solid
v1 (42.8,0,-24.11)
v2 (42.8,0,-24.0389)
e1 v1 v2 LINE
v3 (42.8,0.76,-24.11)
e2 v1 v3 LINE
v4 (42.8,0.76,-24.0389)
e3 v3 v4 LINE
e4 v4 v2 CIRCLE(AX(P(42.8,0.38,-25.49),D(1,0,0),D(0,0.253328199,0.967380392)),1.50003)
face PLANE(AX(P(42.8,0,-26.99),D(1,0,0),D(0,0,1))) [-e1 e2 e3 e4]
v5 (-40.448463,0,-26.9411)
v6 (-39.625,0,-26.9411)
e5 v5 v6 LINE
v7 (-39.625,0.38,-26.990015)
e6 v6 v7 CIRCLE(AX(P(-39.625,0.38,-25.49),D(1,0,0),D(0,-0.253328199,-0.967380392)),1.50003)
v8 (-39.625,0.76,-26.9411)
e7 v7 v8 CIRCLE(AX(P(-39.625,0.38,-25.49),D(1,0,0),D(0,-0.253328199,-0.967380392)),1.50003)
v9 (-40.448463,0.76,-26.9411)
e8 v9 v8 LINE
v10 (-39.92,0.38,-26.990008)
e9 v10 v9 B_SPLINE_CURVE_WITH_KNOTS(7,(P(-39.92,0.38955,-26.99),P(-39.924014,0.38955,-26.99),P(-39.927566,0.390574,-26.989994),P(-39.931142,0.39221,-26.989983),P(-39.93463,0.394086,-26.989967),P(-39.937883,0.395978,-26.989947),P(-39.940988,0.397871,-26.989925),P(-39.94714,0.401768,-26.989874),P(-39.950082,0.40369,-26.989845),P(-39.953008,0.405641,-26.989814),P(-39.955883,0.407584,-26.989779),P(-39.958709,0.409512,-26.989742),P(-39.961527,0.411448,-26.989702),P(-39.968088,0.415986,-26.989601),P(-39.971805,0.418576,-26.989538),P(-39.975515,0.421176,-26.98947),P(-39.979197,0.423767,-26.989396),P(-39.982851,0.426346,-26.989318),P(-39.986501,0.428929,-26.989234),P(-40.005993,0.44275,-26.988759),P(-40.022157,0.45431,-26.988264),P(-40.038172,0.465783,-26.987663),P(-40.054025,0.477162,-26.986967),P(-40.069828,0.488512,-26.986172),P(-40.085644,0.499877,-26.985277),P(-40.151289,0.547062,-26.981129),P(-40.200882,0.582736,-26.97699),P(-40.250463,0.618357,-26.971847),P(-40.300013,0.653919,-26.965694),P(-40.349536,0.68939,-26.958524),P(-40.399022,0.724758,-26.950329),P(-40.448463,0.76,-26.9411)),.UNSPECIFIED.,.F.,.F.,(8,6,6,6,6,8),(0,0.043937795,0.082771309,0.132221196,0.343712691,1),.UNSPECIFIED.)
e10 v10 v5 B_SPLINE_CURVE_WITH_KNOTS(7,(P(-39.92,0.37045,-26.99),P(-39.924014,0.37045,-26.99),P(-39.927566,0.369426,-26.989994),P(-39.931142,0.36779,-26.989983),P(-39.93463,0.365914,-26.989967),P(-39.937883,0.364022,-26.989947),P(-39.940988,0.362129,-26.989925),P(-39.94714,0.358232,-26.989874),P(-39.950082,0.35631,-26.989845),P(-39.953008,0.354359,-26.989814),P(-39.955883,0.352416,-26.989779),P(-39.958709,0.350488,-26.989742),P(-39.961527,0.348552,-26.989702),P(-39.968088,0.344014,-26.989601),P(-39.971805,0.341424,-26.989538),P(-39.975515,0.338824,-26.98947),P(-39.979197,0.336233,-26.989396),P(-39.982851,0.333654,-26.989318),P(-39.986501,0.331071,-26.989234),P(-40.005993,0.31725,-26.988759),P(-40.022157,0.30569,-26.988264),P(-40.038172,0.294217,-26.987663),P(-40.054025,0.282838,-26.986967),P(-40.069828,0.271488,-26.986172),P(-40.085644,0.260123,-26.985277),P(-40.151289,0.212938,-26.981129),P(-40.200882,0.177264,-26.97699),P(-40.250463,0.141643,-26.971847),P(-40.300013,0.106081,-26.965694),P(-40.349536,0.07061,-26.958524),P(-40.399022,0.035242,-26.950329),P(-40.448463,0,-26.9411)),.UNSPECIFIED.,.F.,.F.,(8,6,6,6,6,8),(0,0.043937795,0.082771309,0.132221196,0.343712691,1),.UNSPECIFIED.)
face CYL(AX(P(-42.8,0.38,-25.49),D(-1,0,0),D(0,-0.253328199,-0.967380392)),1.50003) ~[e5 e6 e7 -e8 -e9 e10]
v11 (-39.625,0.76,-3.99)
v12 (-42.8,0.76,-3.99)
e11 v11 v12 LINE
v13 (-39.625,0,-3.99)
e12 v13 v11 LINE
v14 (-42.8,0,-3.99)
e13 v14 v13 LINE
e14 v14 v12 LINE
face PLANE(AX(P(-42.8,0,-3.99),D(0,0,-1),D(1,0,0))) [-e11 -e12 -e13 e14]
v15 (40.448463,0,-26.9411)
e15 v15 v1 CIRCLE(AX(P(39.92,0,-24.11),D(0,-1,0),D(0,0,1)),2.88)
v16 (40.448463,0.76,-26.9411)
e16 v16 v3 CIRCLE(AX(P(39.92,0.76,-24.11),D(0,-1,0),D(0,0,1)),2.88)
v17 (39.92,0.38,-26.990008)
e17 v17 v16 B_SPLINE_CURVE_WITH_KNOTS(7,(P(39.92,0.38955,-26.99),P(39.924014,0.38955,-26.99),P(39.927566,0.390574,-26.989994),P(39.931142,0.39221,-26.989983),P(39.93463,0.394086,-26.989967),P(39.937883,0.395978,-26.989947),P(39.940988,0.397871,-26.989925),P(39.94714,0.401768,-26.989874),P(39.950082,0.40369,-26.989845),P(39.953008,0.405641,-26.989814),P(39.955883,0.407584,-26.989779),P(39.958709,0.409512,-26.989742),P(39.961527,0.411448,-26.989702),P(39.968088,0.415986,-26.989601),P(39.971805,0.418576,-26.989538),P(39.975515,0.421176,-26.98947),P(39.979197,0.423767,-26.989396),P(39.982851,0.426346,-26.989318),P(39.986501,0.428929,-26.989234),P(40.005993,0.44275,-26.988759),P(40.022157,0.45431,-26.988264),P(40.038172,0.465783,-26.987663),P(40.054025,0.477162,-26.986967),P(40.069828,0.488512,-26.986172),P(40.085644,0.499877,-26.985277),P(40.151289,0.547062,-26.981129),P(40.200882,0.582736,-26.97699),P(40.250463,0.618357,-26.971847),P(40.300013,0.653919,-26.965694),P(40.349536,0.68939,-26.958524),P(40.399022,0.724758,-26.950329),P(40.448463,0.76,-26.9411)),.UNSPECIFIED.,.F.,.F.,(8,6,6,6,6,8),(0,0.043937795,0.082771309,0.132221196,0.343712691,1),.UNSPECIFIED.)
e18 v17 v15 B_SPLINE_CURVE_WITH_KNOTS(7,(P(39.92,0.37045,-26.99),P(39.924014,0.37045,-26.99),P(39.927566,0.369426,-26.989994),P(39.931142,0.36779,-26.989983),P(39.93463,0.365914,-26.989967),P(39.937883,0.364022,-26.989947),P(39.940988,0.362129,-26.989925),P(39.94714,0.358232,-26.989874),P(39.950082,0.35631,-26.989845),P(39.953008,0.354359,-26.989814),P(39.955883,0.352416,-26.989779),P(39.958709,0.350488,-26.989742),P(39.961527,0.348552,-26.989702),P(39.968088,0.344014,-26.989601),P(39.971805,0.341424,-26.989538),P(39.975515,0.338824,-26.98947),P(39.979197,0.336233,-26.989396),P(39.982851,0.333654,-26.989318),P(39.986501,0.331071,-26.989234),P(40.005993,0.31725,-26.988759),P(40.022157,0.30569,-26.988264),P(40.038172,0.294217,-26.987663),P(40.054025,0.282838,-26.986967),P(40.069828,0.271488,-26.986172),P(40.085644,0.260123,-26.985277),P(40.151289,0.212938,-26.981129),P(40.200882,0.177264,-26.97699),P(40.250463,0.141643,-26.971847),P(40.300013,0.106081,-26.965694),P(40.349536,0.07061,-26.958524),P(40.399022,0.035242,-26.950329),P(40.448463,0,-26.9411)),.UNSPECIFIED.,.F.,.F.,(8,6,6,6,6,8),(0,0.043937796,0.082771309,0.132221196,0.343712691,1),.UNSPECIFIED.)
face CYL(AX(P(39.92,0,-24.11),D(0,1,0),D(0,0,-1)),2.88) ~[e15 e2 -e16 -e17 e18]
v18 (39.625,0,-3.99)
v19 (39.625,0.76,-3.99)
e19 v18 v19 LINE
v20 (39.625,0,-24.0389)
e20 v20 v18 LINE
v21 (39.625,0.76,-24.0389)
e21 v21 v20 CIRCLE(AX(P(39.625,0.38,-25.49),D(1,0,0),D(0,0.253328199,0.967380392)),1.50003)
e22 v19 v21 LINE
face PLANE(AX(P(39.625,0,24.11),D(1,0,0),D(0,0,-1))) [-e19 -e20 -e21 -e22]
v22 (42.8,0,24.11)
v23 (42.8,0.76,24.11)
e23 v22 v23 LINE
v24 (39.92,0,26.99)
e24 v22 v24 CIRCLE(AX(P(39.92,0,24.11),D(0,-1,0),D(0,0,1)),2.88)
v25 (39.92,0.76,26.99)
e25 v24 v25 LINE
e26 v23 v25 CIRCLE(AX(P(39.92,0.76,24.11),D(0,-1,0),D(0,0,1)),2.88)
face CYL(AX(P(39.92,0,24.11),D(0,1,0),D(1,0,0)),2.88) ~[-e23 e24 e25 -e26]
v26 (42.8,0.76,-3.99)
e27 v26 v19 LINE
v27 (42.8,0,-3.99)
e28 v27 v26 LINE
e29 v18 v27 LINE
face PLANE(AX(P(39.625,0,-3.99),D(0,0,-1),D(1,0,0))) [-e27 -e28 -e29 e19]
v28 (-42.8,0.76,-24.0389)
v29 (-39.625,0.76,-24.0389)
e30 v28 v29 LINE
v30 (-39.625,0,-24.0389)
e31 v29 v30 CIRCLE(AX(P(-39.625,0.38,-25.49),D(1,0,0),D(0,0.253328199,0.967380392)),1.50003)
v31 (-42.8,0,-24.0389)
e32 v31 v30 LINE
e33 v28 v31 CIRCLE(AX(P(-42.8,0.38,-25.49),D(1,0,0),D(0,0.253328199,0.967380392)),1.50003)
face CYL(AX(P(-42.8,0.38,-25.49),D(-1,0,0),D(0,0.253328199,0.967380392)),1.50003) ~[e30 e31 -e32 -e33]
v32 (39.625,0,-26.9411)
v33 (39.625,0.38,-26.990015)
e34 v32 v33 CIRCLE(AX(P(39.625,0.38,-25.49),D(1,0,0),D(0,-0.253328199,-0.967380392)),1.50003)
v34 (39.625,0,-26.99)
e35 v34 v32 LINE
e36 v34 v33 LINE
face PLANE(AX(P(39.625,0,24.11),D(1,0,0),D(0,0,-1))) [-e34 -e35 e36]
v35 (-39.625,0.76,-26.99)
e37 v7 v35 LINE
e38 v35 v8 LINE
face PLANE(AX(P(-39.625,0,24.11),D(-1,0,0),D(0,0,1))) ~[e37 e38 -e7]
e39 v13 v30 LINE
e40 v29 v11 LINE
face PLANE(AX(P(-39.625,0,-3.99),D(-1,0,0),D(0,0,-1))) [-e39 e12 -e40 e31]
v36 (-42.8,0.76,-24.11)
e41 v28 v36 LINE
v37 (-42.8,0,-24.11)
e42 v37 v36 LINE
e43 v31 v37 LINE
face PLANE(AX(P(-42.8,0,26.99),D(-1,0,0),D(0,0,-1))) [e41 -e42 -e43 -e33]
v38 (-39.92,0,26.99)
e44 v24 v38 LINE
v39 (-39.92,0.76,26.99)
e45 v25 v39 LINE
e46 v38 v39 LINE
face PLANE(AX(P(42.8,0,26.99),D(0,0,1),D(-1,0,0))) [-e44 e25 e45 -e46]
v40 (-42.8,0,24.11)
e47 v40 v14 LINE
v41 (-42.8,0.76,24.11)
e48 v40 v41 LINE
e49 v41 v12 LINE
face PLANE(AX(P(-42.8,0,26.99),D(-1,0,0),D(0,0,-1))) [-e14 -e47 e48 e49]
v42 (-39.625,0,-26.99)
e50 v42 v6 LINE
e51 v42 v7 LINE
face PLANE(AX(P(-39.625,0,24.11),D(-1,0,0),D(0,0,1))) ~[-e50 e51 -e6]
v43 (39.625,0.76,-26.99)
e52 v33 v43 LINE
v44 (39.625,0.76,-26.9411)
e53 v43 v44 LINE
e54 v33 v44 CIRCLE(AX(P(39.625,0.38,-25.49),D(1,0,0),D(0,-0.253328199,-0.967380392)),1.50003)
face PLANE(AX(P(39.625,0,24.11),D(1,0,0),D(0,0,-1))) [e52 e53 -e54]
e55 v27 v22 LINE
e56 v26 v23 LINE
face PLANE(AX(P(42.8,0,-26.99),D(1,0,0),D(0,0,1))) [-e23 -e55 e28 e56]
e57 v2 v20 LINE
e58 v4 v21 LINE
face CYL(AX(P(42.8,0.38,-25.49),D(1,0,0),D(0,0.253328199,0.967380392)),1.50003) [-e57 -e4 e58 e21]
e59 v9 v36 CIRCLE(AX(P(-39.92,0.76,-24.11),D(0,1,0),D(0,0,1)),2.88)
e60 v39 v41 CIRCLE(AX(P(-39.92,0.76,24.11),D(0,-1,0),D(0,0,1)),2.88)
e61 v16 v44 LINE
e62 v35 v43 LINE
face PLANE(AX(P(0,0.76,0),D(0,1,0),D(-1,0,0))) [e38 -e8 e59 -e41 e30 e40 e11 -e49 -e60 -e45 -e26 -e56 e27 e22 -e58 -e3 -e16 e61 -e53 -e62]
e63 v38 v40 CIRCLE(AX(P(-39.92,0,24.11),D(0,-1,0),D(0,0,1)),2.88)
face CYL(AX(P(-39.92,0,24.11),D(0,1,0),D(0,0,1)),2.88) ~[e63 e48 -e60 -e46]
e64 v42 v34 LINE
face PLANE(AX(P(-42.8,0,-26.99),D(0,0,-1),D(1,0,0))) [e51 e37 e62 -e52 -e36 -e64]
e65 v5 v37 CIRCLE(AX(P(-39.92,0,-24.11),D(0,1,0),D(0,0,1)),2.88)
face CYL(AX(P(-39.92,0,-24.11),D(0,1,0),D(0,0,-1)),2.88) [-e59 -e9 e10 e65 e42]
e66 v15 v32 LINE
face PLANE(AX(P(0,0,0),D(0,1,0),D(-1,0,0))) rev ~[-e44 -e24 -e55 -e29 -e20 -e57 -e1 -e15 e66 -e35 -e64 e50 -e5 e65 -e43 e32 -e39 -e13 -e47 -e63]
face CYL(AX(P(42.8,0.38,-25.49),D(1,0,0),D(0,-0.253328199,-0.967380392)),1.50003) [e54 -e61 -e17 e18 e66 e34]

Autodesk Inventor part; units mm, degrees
ref_plane "YZ Plane" through (0, 0, 0) normal (1, 0, 0) x (0, 1, 0)
ref_plane "XZ Plane" through (0, 0, 0) normal (0, 1, 0) x (-1, 0, 0)
ref_plane "XY Plane" through (0, 0, 0) normal (0, 0, 1) x (1, 0, 0)
sketch "Sketch1" plane through (0, 0, 0) normal (0, 1, 0) x (-1, 0, 0)
  line L0 (42.8, -26.99) -> (-42.8, -26.99)
  line L1 (-42.8, -26.99) -> (-42.8, 26.99)
  line L2 (-42.8, 26.99) -> (42.8, 26.99)
  line L3 (42.8, 26.99) -> (42.8, -26.99)
  line L4 (42.8, -26.99) -> (-42.8, 26.99) construction
  line L5 (-42.8, -26.99) -> (42.8, 26.99) construction
  point P0 (0, 0)
  dimension "d0" = 85.6
  dimension "d1" = 53.98
extrude "Extrusion1" add sketch "Sketch1" along normal blind 0.76
fillet "Fillet1" radius 2.88 4 edges at (42.8, 0.38, 26.99) (42.8, 0.38, -26.99) (-42.8, 0.38, 26.99) (-42.8, 0.38, -26.99)
sketch "Sketch2" plane through (0, 0, 0) normal (0, -1, 0) x (1, 0, 0)
  arc A0 (-42.8, -24.11) -> (-39.92, -26.99) centre (-39.92, -24.11) ccw projected
  line L0 (-39.92, -26.99) -> (39.92, -26.99) projected
  arc A1 (39.92, -26.99) -> (42.8, -24.11) centre (39.92, -24.11) ccw projected
  line L1 (42.8, -24.11) -> (42.8, 24.11) projected
  arc A2 (42.8, 24.11) -> (39.92, 26.99) centre (39.92, 24.11) ccw projected
  line L2 (39.92, 26.99) -> (-39.92, 26.99) projected
  arc A3 (-39.92, 26.99) -> (-42.8, 24.11) centre (-39.92, 24.11) ccw projected
  line L3 (-42.8, 24.11) -> (-42.8, -24.11) projected
  line L4 (-42.8, 24.11) -> (-42.8, -24.11) projected
  line L5 (-42.8, -3.99) -> (-39.625, -3.99)
  line L6 (-39.625, -3.99) -> (-39.625, -23.99)
  line L7 (-39.625, -23.99) -> (-42.8, -23.99)
  line L8 (-42.8, -23.99) -> (-42.8, -3.99)
  line L9 (42.8, 24.11) -> (42.8, -24.11) projected
  line L10 (42.8, -23.99) -> (39.625, -23.99)
  line L11 (39.625, -23.99) -> (39.625, -3.99)
  line L12 (39.625, -3.99) -> (42.8, -3.99)
  line L13 (42.8, -3.99) -> (42.8, -23.99)
  point P0 (0, 0)
  dimension "d5" = 3.175
  dimension "d6" = 3.175
  dimension "d7" = 3
  dimension "d8" = 3
  dimension "d9" = 20
  dimension "d10" = 20
extrude "Extrusion2" cut sketch "Sketch2" against normal through all contours L3 L5 L6 L7 | L10 L11 L12 L1
sketch "Sketch3" plane through (42.8, 0, 24.11) normal (1, 0, 0) x (0, 0, -1)
  line L0 (51.1, 0) -> (51.1, 0.76) projected
  line L1 (51.1, 0) -> (51.1, 0.76)
  line L2 (48.1, 0.76) -> (48.1, 0)
  line L3 (48.1, 0) -> (51.1, 0.76) construction
  line L4 (51.1, 0) -> (48.1, 0.76) construction
  line L5 (51.1, 0) -> (48.22, 0) projected
  arc A0 (48.1489, 0.76) -> (48.1489, 0) centre (49.6, 0.38) ccw
  arc A1 (51.0511, 0) -> (51.0511, 0.76) centre (49.6, 0.38) ccw
  line L6 (48.1, 0) -> (48.1489, 0)
  line L7 (51.0511, 0) -> (51.1, 0)
  line L8 (51.1, 0.76) -> (51.0511, 0.76)
  line L9 (48.1489, 0.76) -> (48.1, 0.76)
  point P0 (24.11, 0)
  point P1 (48.1, 0.38)
  point P2 (51.1, 0.38)
  dimension "d14" = 3
  dimension "d15" = 0.76
  dimension "d16" = 1.5
  dimension "d17" = 1.5
  dimension "d18" = 1.5
extrude "Extrusion3" cut sketch "Sketch3" against normal up to surface (3.175 mm away)
mirror "Mirror1" about plane through (0, 0, 0) normal (1, 0, 0) of "Extrusion3"
sketch "Sketch4" plane through (0, 0, 0) normal (0, -1, 0) x (1, 0, 0)
  line L0 (-39.625, -24.0389) -> (-42.8, -24.0389) projected
  line L1 (-42.8, -24.0389) -> (-42.8, -24.11) projected
  arc A0 (-42.8, -24.11) -> (-40.4486, -26.9411) centre (-39.92, -24.11) ccw projected
  line L2 (-40.4486, -26.9411) -> (-39.625, -26.9411) projected
  line L3 (-39.625, -26.9411) -> (-39.625, -26.99) projected
  line L4 (-39.625, -26.99) -> (39.625, -26.99) projected
  line L5 (39.625, -26.99) -> (39.625, -26.9411) projected
  line L6 (39.625, -26.9411) -> (40.4486, -26.9411) projected
  arc A1 (40.4486, -26.9411) -> (42.8, -24.11) centre (39.92, -24.11) ccw projected
  line L7 (42.8, -24.11) -> (42.8, -24.0389) projected
  line L8 (42.8, -24.0389) -> (39.625, -24.0389) projected
  line L9 (39.625, -24.0389) -> (39.625, -3.99) projected
  line L10 (39.625, -3.99) -> (42.8, -3.99) projected
  line L11 (42.8, -3.99) -> (42.8, 24.11) projected
  arc A2 (42.8, 24.11) -> (39.92, 26.99) centre (39.92, 24.11) ccw projected
  line L12 (39.92, 26.99) -> (-39.92, 26.99) projected
  arc A3 (-39.92, 26.99) -> (-42.8, 24.11) centre (-39.92, 24.11) ccw projected
  line L13 (-42.8, 24.11) -> (-42.8, -3.99) projected
  line L14 (-42.8, -3.99) -> (-39.625, -3.99) projected
  line L15 (-39.625, -3.99) -> (-39.625, -24.0389) projected
  line L16 (39.92, 26.99) -> (-39.92, 26.99) projected
  line L17 (42.8, -3.99) -> (42.8, 24.11) projected
  line L18 (-42.8, 24.11) -> (-42.8, -3.99) projected
  line L19 (-42.8, 26.99) -> (42.8, 26.99) construction
  line L20 (42.8, 26.99) -> (42.8, -27.0263) construction
  line L21 (42.8, -27.0263) -> (-42.8, -27.0263) construction
  line L22 (-42.8, -27.0263) -> (-42.8, 26.99) construction
  point P0 (0, 0)
decal "Decal1"
sketch "Sketch5" plane through (0, 0.76, 0) normal (0, 1, 0) x (1, 0, 0)
  line L0 (-42.8, 24.0389) -> (-39.625, 24.0389) projected
  line L1 (-39.625, 24.0389) -> (-39.625, 3.99) projected
  line L2 (-39.625, 3.99) -> (-42.8, 3.99) projected
  line L3 (-42.8, 3.99) -> (-42.8, -24.11) projected
  arc A0 (-42.8, -24.11) -> (-39.92, -26.99) centre (-39.92, -24.11) ccw projected
  line L4 (-39.92, -26.99) -> (39.92, -26.99) projected
  arc A1 (39.92, -26.99) -> (42.8, -24.11) centre (39.92, -24.11) ccw projected
  line L5 (42.8, -24.11) -> (42.8, 3.99) projected
  line L6 (42.8, 3.99) -> (39.625, 3.99) projected
  line L7 (39.625, 3.99) -> (39.625, 24.0389) projected
  line L8 (39.625, 24.0389) -> (42.8, 24.0389) projected
  line L9 (42.8, 24.0389) -> (42.8, 24.11) projected
  arc A2 (42.8, 24.11) -> (40.4486, 26.9411) centre (39.92, 24.11) ccw projected
  line L10 (40.4486, 26.9411) -> (39.625, 26.9411) projected
  line L11 (39.625, 26.9411) -> (39.625, 26.99) projected
  line L12 (39.625, 26.99) -> (-39.625, 26.99) projected
  line L13 (-39.625, 26.99) -> (-39.625, 26.9411) projected
  line L14 (-39.625, 26.9411) -> (-40.4486, 26.9411) projected
  arc A3 (-40.4486, 26.9411) -> (-42.8, 24.11) centre (-39.92, 24.11) ccw projected
  line L15 (-42.8, 24.11) -> (-42.8, 24.0389) projected
  line L16 (-42.8, 3.99) -> (-42.8, -24.11) projected
  line L17 (-42.8, 27.0263) -> (42.8, 27.0263) construction
  line L18 (42.8, 27.0263) -> (42.8, -26.99) construction
  line L19 (42.8, -26.99) -> (-42.8, -26.99) construction
  line L20 (-42.8, -26.99) -> (-42.8, 27.0263) construction
  line L21 (42.8, -24.11) -> (42.8, 3.99) projected
  point P0 (0, 0)
decal "Decal2"
equation "\"d0\" = cardWidth"
equation "\"d1\" = cardHeight"
equation "\"d2\" = cardThickness"
equation "\"d4\" = cardFillet"
equation "\"d5\" = materialThickness"
equation "\"d6\" = materialThickness"
equation "\"d7\" = cardPinDiameter"
equation "\"d8\" = cardPinDiameter"
equation "\"d9\" = cardCutoutHeight"
equation "\"d10\" = cardCutoutHeight"
equation "\"d11\" = cardThickness"
equation "\"d14\" = cardPinDiameter"
equation "\"d15\" = cardThickness"
equation "\"d16\" = 0.5 * cardPinDiameter"
equation "\"d18\" = 0.5 * cardPinDiameter"
equation "\"d19\" = cardThickness"
equation "\"materialThickness\" = 3.175"
equation "\"laserKerf\" = 0.12"
equation "\"cardPinDiameter\" = 3"
equation "\"centeralShaftDiameter\" = 8"
equation "\"cardWidth\" = 85.6"
equation "\"cardHeight\" = 53.98"
equation "\"cardThickness\" = 0.76"
equation "\"cardFillet\" = 2.88"
equation "\"cardCutoutHeight\" = 20"
equation "\"d13\" = cardPinDiameter"
equation "\"cardSelected\" = 1"
equation "\"cardClearence\" = 0.5"
equation "\"bearingOd\" = 22"
equation "\"bearingWidth\" = 8"
equation "\"axleHeight\" = 95"
equation "\"nutTrapDepth\" = 2.5"
equation "\"nutTrapwidth\" = 5.5"
equation "\"nutTrapClearence\" = 2"
equation "\"magnetLength\" = 3"
equation "\"magnetDiameter\" = 6"
equation "\"magnetProtusion\" = 0.25"
equation "\"spoolThickness\" = 5.588"
properties part number "card-01" material "ABS Plastic"
